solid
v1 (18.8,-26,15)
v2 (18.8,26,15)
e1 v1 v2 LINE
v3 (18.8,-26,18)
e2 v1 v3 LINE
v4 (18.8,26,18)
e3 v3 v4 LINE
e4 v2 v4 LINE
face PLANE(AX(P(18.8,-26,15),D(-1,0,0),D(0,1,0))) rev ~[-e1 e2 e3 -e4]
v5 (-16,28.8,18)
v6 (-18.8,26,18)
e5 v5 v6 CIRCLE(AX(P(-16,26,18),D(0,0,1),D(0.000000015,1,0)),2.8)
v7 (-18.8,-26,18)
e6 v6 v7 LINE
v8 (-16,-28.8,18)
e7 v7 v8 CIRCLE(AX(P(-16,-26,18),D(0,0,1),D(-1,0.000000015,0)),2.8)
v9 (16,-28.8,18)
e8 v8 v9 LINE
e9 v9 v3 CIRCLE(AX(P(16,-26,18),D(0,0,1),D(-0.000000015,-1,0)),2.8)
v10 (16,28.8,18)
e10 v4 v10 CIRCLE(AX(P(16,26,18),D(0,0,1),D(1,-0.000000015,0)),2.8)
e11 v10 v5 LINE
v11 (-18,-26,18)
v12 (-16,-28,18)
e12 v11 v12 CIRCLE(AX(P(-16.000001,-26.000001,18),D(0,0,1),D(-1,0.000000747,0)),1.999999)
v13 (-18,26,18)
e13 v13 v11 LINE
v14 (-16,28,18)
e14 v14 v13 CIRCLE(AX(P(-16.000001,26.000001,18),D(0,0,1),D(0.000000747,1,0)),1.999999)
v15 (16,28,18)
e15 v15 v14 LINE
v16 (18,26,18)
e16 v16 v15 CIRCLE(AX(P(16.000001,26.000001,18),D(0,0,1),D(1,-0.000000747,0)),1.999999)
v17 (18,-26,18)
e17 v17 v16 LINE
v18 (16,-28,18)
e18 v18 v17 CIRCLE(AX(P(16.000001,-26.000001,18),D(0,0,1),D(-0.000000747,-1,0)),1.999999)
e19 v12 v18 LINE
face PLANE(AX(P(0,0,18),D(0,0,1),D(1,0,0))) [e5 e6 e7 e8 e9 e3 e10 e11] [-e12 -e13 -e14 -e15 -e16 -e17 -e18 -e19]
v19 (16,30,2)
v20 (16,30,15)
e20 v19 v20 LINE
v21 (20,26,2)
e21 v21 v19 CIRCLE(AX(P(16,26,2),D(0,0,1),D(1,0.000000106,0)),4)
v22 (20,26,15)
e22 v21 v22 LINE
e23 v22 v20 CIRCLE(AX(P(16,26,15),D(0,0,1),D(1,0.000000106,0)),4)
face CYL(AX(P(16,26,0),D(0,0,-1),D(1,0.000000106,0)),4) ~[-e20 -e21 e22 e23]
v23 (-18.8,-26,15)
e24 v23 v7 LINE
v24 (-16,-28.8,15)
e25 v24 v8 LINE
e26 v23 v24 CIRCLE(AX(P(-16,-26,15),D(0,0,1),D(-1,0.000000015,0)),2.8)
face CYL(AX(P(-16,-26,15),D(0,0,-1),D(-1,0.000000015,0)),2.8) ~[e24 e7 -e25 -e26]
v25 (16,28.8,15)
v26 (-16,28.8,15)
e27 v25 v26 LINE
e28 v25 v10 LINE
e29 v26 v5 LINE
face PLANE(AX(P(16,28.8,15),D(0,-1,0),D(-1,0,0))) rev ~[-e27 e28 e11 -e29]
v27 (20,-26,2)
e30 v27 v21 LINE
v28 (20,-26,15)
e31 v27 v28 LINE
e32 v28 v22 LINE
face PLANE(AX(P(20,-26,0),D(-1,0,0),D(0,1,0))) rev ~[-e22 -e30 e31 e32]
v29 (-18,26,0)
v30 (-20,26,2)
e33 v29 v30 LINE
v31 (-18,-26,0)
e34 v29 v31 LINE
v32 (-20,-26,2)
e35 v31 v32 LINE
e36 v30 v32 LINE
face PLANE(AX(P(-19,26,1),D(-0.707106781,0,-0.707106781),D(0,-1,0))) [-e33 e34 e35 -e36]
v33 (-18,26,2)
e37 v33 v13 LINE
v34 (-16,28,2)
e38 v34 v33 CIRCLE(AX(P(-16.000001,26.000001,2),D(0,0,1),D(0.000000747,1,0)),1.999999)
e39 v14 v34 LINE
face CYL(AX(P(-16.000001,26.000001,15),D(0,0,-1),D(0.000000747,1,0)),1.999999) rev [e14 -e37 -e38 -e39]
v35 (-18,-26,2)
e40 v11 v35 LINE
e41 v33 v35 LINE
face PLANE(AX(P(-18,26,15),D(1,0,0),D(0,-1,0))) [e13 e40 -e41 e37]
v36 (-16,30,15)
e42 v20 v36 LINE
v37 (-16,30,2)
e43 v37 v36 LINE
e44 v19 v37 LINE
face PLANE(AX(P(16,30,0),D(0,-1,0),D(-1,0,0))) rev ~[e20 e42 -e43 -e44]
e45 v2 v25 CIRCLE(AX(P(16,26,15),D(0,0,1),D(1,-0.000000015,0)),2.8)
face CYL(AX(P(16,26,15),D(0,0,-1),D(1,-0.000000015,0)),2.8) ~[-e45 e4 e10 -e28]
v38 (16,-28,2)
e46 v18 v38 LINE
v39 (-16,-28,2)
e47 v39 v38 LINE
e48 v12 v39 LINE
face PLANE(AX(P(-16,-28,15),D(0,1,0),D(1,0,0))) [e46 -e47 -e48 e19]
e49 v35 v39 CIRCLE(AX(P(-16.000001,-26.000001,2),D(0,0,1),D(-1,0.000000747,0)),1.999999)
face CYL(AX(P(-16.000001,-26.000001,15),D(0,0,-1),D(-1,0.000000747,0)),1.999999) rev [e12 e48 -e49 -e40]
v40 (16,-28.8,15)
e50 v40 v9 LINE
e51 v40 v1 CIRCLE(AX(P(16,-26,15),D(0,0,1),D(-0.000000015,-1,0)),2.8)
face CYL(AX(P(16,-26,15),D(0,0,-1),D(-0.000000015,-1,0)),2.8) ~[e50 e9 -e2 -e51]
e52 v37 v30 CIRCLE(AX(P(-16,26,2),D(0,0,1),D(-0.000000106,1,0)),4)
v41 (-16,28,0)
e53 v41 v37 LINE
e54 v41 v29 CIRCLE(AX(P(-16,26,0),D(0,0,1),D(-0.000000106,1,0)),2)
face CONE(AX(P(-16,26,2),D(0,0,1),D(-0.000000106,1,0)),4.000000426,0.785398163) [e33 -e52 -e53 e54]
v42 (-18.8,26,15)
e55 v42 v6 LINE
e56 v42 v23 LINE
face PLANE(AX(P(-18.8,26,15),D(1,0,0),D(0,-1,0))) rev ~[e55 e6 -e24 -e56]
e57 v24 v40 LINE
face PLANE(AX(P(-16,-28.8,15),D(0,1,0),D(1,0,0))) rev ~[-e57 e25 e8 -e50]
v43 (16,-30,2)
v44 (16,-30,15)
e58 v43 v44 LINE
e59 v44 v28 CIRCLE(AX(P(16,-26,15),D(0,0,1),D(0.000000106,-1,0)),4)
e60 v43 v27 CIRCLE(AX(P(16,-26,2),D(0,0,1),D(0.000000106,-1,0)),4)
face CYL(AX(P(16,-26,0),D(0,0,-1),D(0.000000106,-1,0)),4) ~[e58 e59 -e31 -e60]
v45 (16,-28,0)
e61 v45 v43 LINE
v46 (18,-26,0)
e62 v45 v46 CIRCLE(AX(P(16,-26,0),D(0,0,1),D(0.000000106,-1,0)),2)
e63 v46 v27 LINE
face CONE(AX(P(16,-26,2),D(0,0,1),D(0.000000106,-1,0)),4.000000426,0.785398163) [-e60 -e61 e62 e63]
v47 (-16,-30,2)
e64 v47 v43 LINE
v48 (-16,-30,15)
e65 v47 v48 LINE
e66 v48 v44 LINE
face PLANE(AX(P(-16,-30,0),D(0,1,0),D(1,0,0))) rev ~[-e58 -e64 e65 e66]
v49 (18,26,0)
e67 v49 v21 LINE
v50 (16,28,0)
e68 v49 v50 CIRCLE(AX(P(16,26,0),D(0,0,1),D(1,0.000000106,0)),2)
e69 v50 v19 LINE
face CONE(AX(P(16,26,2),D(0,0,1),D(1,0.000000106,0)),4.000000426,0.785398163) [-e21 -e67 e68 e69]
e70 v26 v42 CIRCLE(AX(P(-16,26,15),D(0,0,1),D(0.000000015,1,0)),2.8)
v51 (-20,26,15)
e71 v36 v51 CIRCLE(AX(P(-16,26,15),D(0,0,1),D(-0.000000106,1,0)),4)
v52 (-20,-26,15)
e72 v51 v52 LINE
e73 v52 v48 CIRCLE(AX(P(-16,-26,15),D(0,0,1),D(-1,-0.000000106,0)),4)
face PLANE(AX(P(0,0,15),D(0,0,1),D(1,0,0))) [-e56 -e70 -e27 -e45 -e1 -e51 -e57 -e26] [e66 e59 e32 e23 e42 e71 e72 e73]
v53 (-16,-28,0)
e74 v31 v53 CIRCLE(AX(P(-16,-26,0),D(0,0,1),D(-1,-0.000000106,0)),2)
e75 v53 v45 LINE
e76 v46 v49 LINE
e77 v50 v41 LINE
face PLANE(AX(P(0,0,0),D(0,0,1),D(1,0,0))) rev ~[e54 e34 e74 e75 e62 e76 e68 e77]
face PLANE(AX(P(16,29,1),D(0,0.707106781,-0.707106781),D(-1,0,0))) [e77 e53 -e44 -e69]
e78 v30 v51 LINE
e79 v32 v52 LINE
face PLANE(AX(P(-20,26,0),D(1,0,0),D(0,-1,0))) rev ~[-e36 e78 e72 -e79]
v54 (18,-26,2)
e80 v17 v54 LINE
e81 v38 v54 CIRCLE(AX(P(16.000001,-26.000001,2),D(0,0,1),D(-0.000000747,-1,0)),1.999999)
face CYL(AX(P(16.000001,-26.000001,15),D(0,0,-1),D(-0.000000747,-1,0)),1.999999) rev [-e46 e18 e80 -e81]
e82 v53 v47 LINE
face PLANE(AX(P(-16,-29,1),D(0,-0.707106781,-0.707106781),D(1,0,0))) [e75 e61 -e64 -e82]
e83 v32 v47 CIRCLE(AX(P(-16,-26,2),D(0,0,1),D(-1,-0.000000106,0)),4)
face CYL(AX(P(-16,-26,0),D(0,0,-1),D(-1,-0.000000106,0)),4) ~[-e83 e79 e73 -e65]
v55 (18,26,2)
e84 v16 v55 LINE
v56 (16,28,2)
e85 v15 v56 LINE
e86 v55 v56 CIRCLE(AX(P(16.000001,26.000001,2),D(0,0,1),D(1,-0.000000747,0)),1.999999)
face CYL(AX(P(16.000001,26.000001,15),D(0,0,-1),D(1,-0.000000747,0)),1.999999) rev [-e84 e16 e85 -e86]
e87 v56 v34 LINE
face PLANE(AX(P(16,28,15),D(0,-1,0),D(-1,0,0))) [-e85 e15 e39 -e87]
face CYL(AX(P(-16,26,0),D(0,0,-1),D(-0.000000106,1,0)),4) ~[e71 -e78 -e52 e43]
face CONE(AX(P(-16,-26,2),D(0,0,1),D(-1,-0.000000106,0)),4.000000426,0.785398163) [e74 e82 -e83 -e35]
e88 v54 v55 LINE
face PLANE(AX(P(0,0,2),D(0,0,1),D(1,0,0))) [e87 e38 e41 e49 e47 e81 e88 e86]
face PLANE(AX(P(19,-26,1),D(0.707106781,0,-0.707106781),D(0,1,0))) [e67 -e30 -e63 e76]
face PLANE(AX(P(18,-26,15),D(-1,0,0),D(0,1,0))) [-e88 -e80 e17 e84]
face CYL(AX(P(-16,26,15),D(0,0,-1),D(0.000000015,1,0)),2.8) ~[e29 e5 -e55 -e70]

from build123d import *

# Parameters (mm, degrees)
PAD_DEPTH    = 15
POCKET_DEPTH = 13
PAD001_DEPTH = 3
CHAMFER_SIZE = 2


with BuildPart() as part:
    # Sketch → Pad (new body)
    with BuildSketch(Plane.XY):
        with BuildLine():
            Line((-20, 26), (-20, -26))
            ThreePointArc((-20, -26), (-18.828427, -28.828427), (-16, -30))
            Line((-16, -30), (16, -30))
            ThreePointArc((16, -30), (18.828427, -28.828427), (20, -26))
            Line((20, -26), (20, 26))
            ThreePointArc((20, 26), (18.828427, 28.828427), (16, 30))
            Line((16, 30), (-16, 30))
            ThreePointArc((-16, 30), (-18.828427, 28.828427), (-20, 26))
        make_face()
    extrude(amount=PAD_DEPTH)

    # Sketch001 (on Face10 of Pad) → Pocket (cut)
    with BuildSketch(Plane.XY.offset(15)):
        with BuildLine():
            Line((-18, 26), (-18, -26))
            ThreePointArc((-18, -26), (-17.414214, -27.414214), (-16, -28))
            Line((-16, -28), (16, -28))
            ThreePointArc((16, -28), (17.414214, -27.414214), (18, -26))
            Line((18, -26), (18, 26))
            ThreePointArc((18, 26), (17.414214, 27.414214), (16, 28))
            Line((16, 28), (-16, 28))
            ThreePointArc((-16, 28), (-17.414214, 27.414214), (-18, 26))
        make_face()
    extrude(amount=-POCKET_DEPTH, mode=Mode.SUBTRACT)

    # Sketch002 (on Face5 of Pocket) → Pad001 (join)
    with BuildSketch(Plane.XY.offset(15)):
        with BuildLine():
            Line((-18.8, 26), (-18.8, -26))
            ThreePointArc((-18.8, -26), (-17.979899, -27.979899), (-16, -28.8))
            Line((-16, -28.8), (16, -28.8))
            ThreePointArc((16, -28.8), (17.979899, -27.979899), (18.8, -26))
            Line((18.8, -26), (18.8, 26))
            ThreePointArc((18.8, 26), (17.979899, 27.979899), (16, 28.8))
            Line((16, 28.8), (-16, 28.8))
            ThreePointArc((-16, 28.8), (-17.979899, 27.979899), (-18.8, 26))
        make_face()
        with BuildLine():
            Line((-18, 26), (-18, -26))
            ThreePointArc((-18, -26), (-17.414214, -27.414214), (-16, -28))
            Line((-16, -28), (16, -28))
            ThreePointArc((16, -28), (17.414214, -27.414214), (18, -26))
            Line((18, -26), (18, 26))
            ThreePointArc((18, 26), (17.414214, 27.414214), (16, 28))
            Line((16, 28), (-16, 28))
            ThreePointArc((-16, 28), (-17.414214, 27.414214), (-18, 26))
        make_face(mode=Mode.SUBTRACT)
    extrude(amount=PAD001_DEPTH)

    # Chamfer
    chamfer_edges = [part.edges().sort_by_distance(p)[0] for p in [
        (0, -30, 0),
        (18.828427, -28.828427, 0),
        (20, 0, 0),
        (18.828427, 28.828427, 0),
        (0, 30, 0),
        (-18.828427, 28.828427, 0),
        (-20, 0, 0),
        (-18.828427, -28.828427, 0),
    ]]
    chamfer(chamfer_edges, length=CHAMFER_SIZE)


solid = part.part
